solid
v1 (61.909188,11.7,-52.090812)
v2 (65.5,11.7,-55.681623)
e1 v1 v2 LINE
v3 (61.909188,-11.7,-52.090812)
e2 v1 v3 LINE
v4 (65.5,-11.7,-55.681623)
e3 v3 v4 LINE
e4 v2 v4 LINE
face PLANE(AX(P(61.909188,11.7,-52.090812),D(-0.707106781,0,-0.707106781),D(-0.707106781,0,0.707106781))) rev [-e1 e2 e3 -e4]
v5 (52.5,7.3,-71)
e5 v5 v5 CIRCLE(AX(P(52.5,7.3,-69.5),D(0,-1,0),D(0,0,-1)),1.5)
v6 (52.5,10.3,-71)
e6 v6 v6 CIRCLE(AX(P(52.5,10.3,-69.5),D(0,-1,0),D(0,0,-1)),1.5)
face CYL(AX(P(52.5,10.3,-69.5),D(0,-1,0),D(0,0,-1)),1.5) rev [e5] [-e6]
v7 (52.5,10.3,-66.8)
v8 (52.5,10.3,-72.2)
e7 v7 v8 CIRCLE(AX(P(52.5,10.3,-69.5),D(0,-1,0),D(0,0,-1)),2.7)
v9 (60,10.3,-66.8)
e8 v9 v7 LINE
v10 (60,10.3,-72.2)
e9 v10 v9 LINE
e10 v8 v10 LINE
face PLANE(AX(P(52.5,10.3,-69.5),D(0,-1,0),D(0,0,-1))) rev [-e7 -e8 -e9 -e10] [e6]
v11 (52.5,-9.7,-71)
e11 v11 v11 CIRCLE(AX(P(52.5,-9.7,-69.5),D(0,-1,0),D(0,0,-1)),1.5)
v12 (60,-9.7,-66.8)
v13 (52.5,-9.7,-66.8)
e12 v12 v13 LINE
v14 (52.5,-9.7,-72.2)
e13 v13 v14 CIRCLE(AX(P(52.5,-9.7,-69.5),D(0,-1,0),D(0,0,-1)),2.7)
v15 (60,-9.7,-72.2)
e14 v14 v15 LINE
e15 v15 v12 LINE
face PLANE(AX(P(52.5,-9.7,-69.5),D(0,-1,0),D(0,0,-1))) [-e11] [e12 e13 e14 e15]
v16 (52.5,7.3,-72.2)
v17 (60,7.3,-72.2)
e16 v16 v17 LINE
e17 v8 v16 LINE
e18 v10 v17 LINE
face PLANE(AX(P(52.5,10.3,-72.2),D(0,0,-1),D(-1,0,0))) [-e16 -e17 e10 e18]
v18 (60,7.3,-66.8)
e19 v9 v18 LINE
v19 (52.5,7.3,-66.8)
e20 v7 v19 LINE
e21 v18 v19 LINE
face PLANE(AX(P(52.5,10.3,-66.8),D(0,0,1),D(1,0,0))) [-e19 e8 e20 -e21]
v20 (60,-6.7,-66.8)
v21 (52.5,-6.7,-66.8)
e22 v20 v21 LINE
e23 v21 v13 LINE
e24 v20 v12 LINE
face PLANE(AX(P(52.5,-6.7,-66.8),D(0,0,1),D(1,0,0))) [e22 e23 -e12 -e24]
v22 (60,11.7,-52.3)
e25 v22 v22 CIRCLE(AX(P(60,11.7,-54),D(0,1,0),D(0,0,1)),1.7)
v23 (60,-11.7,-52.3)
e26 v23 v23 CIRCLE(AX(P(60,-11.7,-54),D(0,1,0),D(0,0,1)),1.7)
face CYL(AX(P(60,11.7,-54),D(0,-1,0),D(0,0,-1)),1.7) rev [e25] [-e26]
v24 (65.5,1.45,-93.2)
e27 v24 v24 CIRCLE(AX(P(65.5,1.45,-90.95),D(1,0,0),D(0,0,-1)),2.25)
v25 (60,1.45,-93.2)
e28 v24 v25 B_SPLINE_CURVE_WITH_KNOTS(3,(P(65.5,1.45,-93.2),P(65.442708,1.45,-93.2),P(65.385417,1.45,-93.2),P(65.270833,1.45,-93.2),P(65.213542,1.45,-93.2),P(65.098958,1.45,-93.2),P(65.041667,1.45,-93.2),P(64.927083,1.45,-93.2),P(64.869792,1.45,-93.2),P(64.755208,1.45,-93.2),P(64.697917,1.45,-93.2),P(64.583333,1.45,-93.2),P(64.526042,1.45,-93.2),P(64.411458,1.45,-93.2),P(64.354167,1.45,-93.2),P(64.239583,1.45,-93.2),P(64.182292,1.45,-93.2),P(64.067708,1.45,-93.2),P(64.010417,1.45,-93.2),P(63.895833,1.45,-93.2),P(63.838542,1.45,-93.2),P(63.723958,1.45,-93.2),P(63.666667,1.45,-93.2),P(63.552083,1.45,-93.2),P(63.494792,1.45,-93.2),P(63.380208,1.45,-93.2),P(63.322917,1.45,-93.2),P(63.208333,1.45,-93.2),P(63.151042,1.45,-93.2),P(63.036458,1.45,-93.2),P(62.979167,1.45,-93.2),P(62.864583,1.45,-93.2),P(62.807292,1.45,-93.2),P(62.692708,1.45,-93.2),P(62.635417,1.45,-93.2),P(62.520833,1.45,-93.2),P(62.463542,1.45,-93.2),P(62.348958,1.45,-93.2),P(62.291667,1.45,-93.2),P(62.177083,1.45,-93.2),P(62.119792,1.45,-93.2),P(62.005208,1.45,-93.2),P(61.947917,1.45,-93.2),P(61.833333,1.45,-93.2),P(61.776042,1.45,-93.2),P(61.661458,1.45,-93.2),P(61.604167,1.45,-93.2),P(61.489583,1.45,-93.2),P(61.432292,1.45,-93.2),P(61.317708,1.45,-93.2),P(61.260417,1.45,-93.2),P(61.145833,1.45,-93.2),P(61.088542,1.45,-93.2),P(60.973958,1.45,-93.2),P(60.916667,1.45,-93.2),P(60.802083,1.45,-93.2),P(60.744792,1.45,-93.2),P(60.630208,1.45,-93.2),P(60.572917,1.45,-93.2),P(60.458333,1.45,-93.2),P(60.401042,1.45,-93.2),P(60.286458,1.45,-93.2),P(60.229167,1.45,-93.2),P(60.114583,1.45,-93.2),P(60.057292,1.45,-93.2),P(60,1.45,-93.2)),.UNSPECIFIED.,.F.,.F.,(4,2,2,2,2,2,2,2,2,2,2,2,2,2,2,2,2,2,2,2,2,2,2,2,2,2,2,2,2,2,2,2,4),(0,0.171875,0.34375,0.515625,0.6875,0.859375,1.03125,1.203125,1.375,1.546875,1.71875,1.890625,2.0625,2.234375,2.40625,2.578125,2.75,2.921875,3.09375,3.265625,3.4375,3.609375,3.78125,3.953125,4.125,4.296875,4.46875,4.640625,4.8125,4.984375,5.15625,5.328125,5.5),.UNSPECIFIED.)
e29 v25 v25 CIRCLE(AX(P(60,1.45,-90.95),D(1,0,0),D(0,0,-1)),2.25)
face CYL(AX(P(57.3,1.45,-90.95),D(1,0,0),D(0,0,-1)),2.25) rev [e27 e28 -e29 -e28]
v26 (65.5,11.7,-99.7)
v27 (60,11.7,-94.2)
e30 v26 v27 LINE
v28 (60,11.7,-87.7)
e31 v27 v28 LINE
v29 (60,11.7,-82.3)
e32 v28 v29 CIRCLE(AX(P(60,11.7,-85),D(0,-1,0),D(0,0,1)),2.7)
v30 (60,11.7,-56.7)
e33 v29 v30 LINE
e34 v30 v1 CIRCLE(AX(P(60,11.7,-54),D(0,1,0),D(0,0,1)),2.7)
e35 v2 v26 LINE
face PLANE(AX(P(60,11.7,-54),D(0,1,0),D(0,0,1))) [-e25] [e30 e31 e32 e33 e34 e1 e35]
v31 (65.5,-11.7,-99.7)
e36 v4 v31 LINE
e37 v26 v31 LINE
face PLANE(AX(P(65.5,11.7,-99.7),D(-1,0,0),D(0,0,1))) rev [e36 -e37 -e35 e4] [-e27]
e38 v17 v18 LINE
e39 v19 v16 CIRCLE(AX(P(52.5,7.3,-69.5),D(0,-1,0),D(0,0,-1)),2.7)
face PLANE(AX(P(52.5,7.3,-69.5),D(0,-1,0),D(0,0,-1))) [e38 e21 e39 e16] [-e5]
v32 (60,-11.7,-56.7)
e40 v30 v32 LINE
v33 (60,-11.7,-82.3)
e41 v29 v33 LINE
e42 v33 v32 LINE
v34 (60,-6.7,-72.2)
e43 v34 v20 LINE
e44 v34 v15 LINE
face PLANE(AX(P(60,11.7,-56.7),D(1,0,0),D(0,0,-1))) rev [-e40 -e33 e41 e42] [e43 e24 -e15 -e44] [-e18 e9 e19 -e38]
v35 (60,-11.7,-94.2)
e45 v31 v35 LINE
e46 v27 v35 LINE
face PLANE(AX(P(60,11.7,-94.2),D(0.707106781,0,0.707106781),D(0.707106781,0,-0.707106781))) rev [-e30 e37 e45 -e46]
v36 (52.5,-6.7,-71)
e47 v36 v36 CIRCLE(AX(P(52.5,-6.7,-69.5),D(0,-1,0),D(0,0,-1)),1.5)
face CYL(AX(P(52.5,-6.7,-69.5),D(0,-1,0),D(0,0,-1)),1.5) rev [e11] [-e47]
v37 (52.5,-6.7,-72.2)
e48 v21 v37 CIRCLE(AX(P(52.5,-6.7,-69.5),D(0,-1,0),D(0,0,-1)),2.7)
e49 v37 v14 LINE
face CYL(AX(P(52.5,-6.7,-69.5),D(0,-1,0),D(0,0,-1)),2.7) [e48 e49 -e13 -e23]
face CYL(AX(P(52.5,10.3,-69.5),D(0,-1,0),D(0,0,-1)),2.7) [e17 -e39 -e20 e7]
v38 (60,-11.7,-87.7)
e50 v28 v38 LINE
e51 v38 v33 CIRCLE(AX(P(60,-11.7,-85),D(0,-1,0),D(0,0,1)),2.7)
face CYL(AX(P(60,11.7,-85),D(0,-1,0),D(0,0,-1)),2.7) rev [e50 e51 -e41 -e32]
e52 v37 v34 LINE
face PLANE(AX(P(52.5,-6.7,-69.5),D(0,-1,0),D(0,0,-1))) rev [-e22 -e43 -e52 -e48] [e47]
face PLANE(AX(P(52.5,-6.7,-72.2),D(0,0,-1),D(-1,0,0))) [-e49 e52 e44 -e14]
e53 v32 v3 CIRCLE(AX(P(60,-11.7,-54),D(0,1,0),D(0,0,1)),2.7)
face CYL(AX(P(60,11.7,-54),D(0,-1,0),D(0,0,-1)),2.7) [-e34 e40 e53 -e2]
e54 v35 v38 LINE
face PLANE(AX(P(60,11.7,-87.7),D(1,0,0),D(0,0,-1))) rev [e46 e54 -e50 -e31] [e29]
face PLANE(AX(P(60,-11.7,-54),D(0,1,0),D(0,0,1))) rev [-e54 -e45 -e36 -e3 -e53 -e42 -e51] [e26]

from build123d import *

# Parameters (mm, degrees)
SKETCH1_R           = 1.7
BOSS_EXTRUDE1_DEPTH = 11.7
SKETCH2_R           = 2.25
CUT_EXTRUDE1_DEPTH  = 101.718518655
BOSS_EXTRUDE2_START = -2
SKETCH3_R           = 1.5
BOSS_EXTRUDE2_DEPTH = 3
BOSS_EXTRUDE3_START = -19
SKETCH3_2_R         = 1.5
BOSS_EXTRUDE3_DEPTH = 3


with BuildPart() as part:
    # Sketch1 → Boss-Extrude1 (new, symmetric)
    with BuildSketch(Plane(origin=(0, 0, 0), x_dir=(1, 0, 0), z_dir=(0, 1, 0))):
        with BuildLine():
            Line((60, 94.2), (65.5, 99.7))
            Line((65.5, 99.7), (65.5, 55.681623382))
            Line((65.5, 55.681623382), (61.909188309, 52.090811691))
            ThreePointArc((61.909188309, 52.090811691), (57.505525262, 52.966754733), (60, 56.7))
            Line((60, 56.7), (60, 82.3))
            ThreePointArc((60, 82.3), (62.7, 85), (60, 87.7))
            Line((60, 87.7), (60, 88.7))
            Line((60, 88.7), (60, 93.2))
            Line((60, 93.2), (60, 94.2))
        make_face()
        with Locations((60, 54)):
            Circle(SKETCH1_R, mode=Mode.SUBTRACT)
    extrude(amount=BOSS_EXTRUDE1_DEPTH, both=True)

    # Sketch2 → Cut-Extrude1 (cut, through all)
    with BuildSketch(Plane(origin=(65.5, 0, 0), x_dir=(0, 0, -1), z_dir=(1, 0, 0))):
        with Locations((90.95, 1.45)):
            Circle(SKETCH2_R)
    extrude(amount=-CUT_EXTRUDE1_DEPTH, mode=Mode.SUBTRACT)

    # Sketch3 → Boss-Extrude2 (add)
    with BuildSketch(Plane.XZ.offset(11.7).offset(BOSS_EXTRUDE2_START)):
        with BuildLine():
            Line((52.5, -66.8), (60, -66.8))
            Line((60, -66.8), (60, -72.2))
            Line((60, -72.2), (52.5, -72.2))
            ThreePointArc((52.5, -72.2), (49.8, -69.5), (52.5, -66.8))
        make_face()
        with Locations((52.5, -69.5)):
            Circle(SKETCH3_R, mode=Mode.SUBTRACT)
    extrude(amount=-BOSS_EXTRUDE2_DEPTH)

    # Sketch3<2> → Boss-Extrude3 (add)
    with BuildSketch(Plane.XZ.offset(11.7).offset(BOSS_EXTRUDE3_START)):
        with BuildLine():
            Line((52.5, -66.8), (60, -66.8))
            Line((60, -66.8), (60, -72.2))
            Line((60, -72.2), (52.5, -72.2))
            ThreePointArc((52.5, -72.2), (49.8, -69.5), (52.5, -66.8))
        make_face()
        with Locations((52.5, -69.5)):
            Circle(SKETCH3_2_R, mode=Mode.SUBTRACT)
    extrude(amount=-BOSS_EXTRUDE3_DEPTH)


solid = part.part
